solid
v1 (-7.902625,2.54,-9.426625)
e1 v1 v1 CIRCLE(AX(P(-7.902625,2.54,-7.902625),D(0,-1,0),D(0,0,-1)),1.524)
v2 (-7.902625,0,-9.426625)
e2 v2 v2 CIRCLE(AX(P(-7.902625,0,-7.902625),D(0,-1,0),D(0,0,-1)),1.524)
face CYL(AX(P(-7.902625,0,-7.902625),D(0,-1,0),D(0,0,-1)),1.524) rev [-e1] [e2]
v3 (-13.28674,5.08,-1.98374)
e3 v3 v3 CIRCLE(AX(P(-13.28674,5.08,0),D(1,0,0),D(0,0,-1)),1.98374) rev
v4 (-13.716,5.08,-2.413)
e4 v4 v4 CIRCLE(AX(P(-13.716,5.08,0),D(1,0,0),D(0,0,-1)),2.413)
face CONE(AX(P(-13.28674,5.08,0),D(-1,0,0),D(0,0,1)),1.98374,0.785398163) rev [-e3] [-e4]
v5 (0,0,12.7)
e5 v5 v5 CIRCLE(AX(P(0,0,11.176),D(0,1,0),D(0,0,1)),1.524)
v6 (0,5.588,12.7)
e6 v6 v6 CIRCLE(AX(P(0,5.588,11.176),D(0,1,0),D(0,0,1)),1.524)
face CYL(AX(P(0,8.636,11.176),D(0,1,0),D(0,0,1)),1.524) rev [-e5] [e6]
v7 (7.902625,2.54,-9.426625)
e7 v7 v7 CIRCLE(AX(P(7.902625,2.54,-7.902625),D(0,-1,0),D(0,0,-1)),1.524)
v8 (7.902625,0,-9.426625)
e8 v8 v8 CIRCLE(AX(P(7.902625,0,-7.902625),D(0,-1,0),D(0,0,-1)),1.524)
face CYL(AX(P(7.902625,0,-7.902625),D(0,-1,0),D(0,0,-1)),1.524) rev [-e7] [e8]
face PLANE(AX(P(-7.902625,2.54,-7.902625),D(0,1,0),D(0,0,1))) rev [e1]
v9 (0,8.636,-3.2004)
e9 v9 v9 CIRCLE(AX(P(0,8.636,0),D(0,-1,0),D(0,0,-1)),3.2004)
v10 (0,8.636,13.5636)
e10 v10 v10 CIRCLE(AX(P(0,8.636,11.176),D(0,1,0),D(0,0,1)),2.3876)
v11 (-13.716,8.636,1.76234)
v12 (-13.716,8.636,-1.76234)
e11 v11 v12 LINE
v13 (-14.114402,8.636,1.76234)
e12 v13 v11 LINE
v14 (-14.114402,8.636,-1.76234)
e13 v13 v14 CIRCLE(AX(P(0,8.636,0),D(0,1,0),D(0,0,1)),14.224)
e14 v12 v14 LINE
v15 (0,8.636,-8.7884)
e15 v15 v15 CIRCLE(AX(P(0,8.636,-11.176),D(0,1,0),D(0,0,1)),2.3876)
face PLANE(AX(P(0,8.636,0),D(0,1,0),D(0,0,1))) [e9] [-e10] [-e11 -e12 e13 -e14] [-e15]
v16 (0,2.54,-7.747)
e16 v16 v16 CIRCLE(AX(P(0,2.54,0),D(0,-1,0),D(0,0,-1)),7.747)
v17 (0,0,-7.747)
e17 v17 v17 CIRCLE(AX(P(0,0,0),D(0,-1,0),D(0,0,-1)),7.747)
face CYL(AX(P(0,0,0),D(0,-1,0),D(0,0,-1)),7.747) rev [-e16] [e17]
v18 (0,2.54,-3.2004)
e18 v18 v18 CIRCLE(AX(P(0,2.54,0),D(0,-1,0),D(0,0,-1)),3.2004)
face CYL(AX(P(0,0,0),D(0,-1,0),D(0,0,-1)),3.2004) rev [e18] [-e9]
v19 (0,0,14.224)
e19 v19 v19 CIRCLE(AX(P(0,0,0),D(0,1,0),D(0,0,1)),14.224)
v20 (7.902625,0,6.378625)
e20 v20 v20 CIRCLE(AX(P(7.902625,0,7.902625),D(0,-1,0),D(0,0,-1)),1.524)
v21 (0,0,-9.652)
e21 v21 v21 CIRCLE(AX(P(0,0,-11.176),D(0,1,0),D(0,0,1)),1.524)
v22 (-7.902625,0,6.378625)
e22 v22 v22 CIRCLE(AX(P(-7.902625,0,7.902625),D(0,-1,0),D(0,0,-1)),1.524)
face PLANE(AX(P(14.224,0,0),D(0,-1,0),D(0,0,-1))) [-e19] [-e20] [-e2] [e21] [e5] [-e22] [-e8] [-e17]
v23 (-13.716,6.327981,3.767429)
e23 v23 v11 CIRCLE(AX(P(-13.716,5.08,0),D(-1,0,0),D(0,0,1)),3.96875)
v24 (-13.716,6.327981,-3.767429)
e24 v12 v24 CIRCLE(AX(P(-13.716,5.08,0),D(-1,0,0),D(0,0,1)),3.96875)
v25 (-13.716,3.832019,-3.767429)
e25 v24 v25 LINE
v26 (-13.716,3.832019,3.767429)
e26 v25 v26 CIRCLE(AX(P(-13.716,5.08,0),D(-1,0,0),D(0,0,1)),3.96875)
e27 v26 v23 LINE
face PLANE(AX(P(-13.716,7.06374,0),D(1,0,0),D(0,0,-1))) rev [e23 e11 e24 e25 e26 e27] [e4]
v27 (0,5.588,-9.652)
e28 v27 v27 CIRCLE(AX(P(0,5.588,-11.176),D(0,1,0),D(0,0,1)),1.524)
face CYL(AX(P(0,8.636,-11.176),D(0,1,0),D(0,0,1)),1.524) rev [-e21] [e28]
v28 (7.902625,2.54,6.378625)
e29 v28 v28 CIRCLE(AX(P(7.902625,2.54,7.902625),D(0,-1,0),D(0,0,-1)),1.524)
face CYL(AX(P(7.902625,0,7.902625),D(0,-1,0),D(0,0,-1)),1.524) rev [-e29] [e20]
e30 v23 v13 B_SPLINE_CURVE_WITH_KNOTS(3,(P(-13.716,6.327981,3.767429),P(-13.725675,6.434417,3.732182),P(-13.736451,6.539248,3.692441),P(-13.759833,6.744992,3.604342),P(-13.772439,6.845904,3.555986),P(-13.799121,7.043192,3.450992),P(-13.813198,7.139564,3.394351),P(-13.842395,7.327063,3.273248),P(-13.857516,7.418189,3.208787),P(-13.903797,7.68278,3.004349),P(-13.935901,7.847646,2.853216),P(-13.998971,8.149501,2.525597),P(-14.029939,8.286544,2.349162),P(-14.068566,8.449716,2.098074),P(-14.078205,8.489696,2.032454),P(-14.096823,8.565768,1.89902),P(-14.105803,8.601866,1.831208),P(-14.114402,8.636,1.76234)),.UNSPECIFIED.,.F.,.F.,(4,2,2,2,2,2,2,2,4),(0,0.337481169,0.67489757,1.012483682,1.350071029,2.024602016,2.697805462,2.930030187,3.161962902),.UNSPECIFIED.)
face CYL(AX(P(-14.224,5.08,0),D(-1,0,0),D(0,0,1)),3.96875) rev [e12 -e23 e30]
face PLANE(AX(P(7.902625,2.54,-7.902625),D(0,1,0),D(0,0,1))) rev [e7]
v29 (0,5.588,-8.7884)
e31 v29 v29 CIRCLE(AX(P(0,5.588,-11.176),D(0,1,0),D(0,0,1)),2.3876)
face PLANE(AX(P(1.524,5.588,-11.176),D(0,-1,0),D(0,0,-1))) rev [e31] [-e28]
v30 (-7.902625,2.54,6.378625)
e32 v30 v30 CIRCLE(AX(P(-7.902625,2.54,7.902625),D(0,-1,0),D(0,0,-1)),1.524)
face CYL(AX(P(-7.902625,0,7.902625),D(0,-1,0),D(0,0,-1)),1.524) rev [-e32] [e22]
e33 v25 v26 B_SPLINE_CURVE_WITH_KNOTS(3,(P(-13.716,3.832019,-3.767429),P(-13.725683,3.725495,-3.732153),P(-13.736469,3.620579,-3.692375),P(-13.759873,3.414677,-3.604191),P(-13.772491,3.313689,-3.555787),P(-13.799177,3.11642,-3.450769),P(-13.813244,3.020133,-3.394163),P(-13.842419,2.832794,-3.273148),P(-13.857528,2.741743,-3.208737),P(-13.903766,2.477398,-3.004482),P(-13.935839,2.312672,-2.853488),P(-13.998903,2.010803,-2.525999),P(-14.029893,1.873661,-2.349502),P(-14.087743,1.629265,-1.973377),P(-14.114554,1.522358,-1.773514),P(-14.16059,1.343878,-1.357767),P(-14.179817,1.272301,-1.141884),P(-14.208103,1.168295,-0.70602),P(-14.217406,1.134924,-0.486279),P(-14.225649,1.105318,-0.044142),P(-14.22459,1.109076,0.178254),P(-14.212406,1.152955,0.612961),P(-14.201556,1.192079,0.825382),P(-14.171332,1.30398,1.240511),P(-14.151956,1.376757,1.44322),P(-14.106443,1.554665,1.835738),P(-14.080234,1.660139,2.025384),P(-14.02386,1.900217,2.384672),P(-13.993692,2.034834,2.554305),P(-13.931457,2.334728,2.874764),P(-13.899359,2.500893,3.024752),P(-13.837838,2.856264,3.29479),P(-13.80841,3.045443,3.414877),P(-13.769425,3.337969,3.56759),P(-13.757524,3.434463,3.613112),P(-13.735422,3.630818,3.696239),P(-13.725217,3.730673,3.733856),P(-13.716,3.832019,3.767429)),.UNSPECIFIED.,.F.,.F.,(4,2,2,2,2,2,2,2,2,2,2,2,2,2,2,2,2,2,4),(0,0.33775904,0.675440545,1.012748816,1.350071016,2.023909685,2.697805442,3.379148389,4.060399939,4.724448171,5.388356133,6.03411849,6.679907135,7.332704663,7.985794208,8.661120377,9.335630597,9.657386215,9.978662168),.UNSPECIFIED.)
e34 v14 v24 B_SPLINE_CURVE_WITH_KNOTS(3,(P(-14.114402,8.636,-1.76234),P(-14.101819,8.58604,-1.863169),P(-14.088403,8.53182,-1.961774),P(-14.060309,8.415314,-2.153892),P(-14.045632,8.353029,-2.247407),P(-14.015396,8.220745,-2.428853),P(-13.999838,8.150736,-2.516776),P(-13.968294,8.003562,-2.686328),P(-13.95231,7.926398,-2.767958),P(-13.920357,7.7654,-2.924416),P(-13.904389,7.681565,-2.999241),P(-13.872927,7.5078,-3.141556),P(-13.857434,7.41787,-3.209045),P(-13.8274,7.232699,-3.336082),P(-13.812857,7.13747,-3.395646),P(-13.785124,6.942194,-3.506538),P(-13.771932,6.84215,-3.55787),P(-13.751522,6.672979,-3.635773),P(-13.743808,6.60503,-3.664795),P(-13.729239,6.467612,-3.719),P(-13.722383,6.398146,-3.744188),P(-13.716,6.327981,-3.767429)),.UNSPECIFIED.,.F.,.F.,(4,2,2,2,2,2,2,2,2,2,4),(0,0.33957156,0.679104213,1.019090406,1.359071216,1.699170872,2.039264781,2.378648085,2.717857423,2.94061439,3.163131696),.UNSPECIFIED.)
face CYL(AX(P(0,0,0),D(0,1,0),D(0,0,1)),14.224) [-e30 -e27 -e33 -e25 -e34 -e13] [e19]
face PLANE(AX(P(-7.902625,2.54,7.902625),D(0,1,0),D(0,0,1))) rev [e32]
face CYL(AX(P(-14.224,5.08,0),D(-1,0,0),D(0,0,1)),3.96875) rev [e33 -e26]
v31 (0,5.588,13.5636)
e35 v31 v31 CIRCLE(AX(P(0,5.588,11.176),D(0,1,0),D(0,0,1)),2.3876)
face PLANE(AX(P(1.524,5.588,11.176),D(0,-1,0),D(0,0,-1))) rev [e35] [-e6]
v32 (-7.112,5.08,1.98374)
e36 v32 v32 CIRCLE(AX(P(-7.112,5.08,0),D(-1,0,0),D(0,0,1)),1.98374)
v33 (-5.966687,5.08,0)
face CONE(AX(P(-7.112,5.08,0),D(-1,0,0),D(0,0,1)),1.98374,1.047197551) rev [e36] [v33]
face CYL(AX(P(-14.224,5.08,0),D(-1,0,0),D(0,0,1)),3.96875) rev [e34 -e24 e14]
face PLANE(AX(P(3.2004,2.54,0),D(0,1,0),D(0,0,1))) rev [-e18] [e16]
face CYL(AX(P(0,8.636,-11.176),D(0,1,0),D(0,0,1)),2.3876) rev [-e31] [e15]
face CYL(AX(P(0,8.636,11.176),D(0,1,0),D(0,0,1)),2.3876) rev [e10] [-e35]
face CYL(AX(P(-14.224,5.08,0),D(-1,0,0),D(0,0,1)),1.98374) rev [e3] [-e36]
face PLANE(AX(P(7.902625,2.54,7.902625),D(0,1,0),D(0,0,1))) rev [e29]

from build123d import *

# Parameters (mm, degrees)
SKETCH1_W                                          = 14.224
SKETCH1_H                                          = 8.636
CBORE_FOR_M2_5_HEX_HEAD_MACHINE_SCREW1_D           = 3.048
CBORE_FOR_M2_5_HEX_HEAD_MACHINE_SCREW1_CBORE_D     = 4.7752
CBORE_FOR_M2_5_HEX_HEAD_MACHINE_SCREW1_CBORE_DEPTH = 3.048
M2_5_CLEARANCE_HOLE1_D                             = 3.048
M2_5_CLEARANCE_HOLE1_DEPTH                         = 2.54
CBORE_FOR_M6_HEX_HEAD_BOLT1_D                      = 6.4008
CBORE_FOR_M6_HEX_HEAD_BOLT1_CBORE_D                = 15.494
CBORE_FOR_M6_HEX_HEAD_BOLT1_CBORE_DEPTH            = 2.54
CBORE_FOR_M3_5_HEX_HEAD_MACHINE_SCREW1_D           = 3.96748
CBORE_FOR_M3_5_HEX_HEAD_MACHINE_SCREW1_DEPTH       = 7.112
CBORE_FOR_M3_5_HEX_HEAD_MACHINE_SCREW1_CBORE_D     = 7.9375
CBORE_FOR_M3_5_HEX_HEAD_MACHINE_SCREW1_CBORE_DEPTH = 0.508
CBORE_FOR_M3_5_HEX_HEAD_MACHINE_SCREW1_TIP         = 1.145312823
CHAMFER1_SIZE                                      = 0.42926


with BuildPart() as part:
    # Sketch1 → Revolve1 (revolve)
    with BuildSketch(Plane(origin=(0, 0, 0), x_dir=(-1, 0, 0), z_dir=(0, 0, -1)), mode=Mode.PRIVATE) as revolve1_sk:
        with Locations((-7.112, 4.318)):
            Rectangle(SKETCH1_W, SKETCH1_H)
    revolve(revolve1_sk.sketch.rotate(Axis((0, 0, 0), (0, 1, 0)), 270), axis=Axis((0, 0, 0), (0, 1, 0)))

    # CBORE for M2.5 Hex Head Machine Screw1 (through all)
    with Locations(Plane(origin=(0, 8.636, 0), x_dir=(1, 0, 0), z_dir=(0, 1, 0))):
        with Locations((0, -11.176), (0, 11.176)):
            CounterBoreHole(CBORE_FOR_M2_5_HEX_HEAD_MACHINE_SCREW1_D / 2, CBORE_FOR_M2_5_HEX_HEAD_MACHINE_SCREW1_CBORE_D / 2, CBORE_FOR_M2_5_HEX_HEAD_MACHINE_SCREW1_CBORE_DEPTH)

    # M2.5 Clearance Hole1
    with Locations(Plane(origin=(0, 0, 0), x_dir=(-1, 0, 0), z_dir=(0, -1, 0))):
        with Locations((-7.902625387, 7.902625387), (7.902625387, -7.902625387), (-7.902625387, -7.902625387), (7.902625387, 7.902625387)):
            Hole(M2_5_CLEARANCE_HOLE1_D / 2, depth=M2_5_CLEARANCE_HOLE1_DEPTH)

    # CBORE for M6 Hex Head Bolt1 (through all)
    with Locations(Plane(origin=(0, 0, 0), x_dir=(-1, 0, 0), z_dir=(0, -1, 0))):
        with Locations((0, 0)):
            CounterBoreHole(CBORE_FOR_M6_HEX_HEAD_BOLT1_D / 2, CBORE_FOR_M6_HEX_HEAD_BOLT1_CBORE_D / 2, CBORE_FOR_M6_HEX_HEAD_BOLT1_CBORE_DEPTH)

    # CBORE for M3.5 Hex Head Machine Screw1
    with Locations(Plane(origin=(-14.224, 5.08, 0), x_dir=(0, 0, -1), z_dir=(-1, 0, 0))):
        with Locations((0, 0)):
            CounterBoreHole(CBORE_FOR_M3_5_HEX_HEAD_MACHINE_SCREW1_D / 2, CBORE_FOR_M3_5_HEX_HEAD_MACHINE_SCREW1_CBORE_D / 2, CBORE_FOR_M3_5_HEX_HEAD_MACHINE_SCREW1_CBORE_DEPTH, depth=CBORE_FOR_M3_5_HEX_HEAD_MACHINE_SCREW1_DEPTH)
            with Locations((0, 0, -(CBORE_FOR_M3_5_HEX_HEAD_MACHINE_SCREW1_DEPTH + CBORE_FOR_M3_5_HEX_HEAD_MACHINE_SCREW1_TIP / 2))):  # 120° drill point
                Cone(0, CBORE_FOR_M3_5_HEX_HEAD_MACHINE_SCREW1_D / 2, CBORE_FOR_M3_5_HEX_HEAD_MACHINE_SCREW1_TIP, mode=Mode.SUBTRACT)

    # Chamfer1
    chamfer1_edges = [part.edges().sort_by_distance(p)[0] for p in [
        (-13.716, 5.08, -1.98374),
    ]]
    chamfer(chamfer1_edges, length=CHAMFER1_SIZE)


solid = part.part
